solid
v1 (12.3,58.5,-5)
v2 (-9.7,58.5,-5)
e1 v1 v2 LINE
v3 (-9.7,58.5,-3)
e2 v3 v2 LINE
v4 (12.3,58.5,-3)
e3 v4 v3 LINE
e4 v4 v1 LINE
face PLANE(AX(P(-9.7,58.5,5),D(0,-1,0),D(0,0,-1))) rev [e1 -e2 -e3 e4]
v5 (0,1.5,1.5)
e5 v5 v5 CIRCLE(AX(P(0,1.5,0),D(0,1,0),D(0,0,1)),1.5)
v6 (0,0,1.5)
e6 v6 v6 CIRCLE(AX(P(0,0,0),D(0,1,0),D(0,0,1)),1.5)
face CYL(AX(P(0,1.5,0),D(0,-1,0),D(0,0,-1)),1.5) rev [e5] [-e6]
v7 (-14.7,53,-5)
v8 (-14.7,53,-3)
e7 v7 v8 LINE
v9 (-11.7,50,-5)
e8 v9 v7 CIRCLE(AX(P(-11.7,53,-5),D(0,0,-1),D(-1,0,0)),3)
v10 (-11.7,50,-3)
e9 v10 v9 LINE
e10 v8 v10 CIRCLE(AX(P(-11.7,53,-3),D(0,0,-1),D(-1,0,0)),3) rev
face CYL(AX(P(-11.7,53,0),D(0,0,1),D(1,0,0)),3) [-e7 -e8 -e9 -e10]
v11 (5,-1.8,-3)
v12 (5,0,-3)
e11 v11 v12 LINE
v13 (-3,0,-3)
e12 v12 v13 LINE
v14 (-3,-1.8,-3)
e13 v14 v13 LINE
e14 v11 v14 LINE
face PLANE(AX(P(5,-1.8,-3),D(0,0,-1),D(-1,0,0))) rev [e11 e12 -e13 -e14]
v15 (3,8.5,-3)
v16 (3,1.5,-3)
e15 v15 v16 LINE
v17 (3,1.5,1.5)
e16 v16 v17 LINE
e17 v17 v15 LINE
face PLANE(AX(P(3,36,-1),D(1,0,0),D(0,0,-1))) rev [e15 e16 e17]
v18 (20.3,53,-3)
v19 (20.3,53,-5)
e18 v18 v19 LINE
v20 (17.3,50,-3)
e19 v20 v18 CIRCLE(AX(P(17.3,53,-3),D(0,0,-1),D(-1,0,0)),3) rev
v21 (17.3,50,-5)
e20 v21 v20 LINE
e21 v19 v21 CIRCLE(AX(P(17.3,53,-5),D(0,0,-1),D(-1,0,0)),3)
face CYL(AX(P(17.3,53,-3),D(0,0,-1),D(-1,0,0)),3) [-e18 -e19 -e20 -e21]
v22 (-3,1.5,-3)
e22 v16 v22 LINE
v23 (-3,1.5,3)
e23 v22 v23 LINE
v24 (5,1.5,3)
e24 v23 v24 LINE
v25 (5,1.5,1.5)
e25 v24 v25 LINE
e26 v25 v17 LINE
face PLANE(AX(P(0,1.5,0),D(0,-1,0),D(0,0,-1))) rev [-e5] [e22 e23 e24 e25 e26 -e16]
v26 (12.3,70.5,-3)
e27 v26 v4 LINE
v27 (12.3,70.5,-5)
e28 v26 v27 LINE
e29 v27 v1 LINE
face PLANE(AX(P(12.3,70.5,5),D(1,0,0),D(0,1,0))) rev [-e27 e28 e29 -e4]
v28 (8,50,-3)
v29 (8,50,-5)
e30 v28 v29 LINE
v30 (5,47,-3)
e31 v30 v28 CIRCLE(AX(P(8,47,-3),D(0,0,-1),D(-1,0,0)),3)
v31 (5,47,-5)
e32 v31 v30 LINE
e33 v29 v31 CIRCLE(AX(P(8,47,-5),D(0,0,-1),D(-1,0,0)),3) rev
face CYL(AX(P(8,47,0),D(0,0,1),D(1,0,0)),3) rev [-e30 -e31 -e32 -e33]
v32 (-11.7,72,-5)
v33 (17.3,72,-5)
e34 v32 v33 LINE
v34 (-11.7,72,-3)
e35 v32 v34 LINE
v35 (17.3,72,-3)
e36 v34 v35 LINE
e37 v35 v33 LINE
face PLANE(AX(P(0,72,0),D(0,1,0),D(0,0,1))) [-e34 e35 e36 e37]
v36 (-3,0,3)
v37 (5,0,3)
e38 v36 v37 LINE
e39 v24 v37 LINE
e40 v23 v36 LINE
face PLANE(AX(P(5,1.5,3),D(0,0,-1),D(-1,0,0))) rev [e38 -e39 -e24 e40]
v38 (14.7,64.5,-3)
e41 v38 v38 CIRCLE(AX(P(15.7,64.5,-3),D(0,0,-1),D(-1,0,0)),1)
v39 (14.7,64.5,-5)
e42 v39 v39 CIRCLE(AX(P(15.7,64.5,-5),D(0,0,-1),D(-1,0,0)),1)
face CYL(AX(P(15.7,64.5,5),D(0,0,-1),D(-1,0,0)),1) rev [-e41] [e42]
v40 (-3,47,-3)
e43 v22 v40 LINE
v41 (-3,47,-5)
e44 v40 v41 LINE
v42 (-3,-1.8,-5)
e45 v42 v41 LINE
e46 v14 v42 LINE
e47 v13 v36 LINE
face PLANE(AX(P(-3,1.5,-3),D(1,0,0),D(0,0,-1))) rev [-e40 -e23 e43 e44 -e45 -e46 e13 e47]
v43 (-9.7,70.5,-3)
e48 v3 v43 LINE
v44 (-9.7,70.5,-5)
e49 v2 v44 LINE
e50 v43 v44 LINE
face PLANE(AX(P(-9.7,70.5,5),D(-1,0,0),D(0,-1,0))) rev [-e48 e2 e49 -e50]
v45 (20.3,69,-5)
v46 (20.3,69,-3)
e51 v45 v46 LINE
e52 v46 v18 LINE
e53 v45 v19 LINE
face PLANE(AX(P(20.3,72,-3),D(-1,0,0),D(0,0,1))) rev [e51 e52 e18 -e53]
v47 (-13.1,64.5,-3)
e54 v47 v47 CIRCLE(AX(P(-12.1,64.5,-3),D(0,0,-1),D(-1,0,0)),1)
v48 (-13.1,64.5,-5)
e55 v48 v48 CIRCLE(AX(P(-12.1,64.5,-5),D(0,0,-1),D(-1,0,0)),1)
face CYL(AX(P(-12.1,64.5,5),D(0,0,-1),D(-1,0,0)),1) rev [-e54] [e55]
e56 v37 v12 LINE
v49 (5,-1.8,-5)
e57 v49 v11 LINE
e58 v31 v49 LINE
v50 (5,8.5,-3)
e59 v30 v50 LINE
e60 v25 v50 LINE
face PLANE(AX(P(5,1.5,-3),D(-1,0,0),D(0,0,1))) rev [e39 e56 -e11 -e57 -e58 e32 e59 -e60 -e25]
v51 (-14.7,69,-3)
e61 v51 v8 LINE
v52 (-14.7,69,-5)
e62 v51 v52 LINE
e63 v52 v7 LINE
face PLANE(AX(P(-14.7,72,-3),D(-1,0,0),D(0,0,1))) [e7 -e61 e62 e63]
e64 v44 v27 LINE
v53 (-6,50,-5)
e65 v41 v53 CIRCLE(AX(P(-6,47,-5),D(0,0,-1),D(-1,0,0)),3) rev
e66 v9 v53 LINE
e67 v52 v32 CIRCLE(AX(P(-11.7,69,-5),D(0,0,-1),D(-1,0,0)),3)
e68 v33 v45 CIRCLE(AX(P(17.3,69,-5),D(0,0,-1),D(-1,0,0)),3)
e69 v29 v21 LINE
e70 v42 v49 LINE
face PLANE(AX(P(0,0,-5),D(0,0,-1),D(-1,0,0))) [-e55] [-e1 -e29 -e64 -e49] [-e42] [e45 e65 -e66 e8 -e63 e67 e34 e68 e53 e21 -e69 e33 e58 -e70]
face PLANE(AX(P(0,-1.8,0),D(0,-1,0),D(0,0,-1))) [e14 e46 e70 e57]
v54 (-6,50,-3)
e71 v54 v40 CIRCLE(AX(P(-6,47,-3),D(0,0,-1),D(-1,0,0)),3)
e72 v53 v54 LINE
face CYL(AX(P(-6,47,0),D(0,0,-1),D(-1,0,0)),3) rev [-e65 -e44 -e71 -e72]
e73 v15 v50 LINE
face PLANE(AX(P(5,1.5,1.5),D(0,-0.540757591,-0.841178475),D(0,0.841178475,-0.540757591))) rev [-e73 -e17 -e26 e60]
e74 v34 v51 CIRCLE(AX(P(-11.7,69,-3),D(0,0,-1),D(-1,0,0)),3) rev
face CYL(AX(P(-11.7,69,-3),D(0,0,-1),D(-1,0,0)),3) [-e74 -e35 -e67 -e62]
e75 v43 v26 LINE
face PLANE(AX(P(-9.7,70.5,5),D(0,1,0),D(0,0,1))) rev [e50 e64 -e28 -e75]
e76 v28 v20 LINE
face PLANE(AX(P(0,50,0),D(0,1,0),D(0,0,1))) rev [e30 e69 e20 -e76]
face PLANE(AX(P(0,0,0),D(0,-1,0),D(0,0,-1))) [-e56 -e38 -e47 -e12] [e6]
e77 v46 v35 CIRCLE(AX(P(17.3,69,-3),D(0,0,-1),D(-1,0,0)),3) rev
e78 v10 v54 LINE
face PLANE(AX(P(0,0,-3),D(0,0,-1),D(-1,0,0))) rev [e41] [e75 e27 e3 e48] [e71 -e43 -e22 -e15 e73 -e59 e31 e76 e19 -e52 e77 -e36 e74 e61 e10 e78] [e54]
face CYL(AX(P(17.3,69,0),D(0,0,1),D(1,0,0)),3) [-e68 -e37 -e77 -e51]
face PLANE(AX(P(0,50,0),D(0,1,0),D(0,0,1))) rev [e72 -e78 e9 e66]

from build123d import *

# Parameters (mm, degrees)
SKETCH_6_W          = 8
SKETCH_6_H          = 6
SKETCH_6_R          = 1.5
EXTRUDE_1_DEPTH     = 1.5
SKETCH_7_W          = 8
SKETCH_7_H          = 25
EXTRUDE_2_DEPTH     = 2
SKETCH_8_W          = 35
SKETCH_8_H          = 2
EXTRUDE_3_DEPTH     = 22
SKETCH_9_W          = 22
SKETCH_9_H          = 12
CUT_EXTRUDE_1_DEPTH = 10
SKETCH_14_W         = 8
SKETCH_14_H         = 6
CUT_EXTRUDE_2_DEPTH = 4.6
RIB_3_REACH         = 76.814
SKETCH_15_WALL_W    = 159.949062396
SKETCH_15_WALL_H    = 2
FILLET_2_R          = 3
SKETCH_16_W         = 8
SKETCH_16_H         = 2
EXTRUDE_4_DEPTH     = 1.8
SKETCH_17_R         = 1
CUT_EXTRUDE_3_DEPTH = 10


with BuildPart() as part:
    # 草图6 → 凸台-拉伸1 (new body)
    with BuildSketch(Plane(origin=(0, 0, 0), x_dir=(1, 0, 0), z_dir=(0, 1, 0))):
        with Locations((1, 0)):
            Rectangle(SKETCH_6_W, SKETCH_6_H)
        with Locations(Location((0, 0, 0), (0, 0, 270))):
            Circle(SKETCH_6_R, mode=Mode.SUBTRACT)
    extrude(amount=EXTRUDE_1_DEPTH)

    # 草图7 → 凸台-拉伸2 (add)
    with BuildSketch(Plane(origin=(0, 0, -3), x_dir=(-1, 0, 0), z_dir=(0, 0, -1))):
        with Locations((-1, 12.5)):
            Rectangle(SKETCH_7_W, SKETCH_7_H)
    extrude(amount=EXTRUDE_2_DEPTH)

    # 镜向1: part across plane


with BuildPart() as part_1:
    add(part.part)
    add(part.part.mirror(Plane(origin=(-3, 25, -5), x_dir=(0, 0, 1), z_dir=(0, -1, 0))))

    # 草图8 → 凸台-拉伸3 (add)
    with BuildSketch(Plane(origin=(0, 50, 0), x_dir=(1, 0, 0), z_dir=(0, 1, 0))):
        with Locations((2.8, 4)):
            Rectangle(SKETCH_8_W, SKETCH_8_H)
    extrude(amount=EXTRUDE_3_DEPTH)

    # 草图9 → 切除-拉伸1 (cut)
    with BuildSketch(Plane(origin=(0, 0, -5), x_dir=(-1, 0, 0), z_dir=(0, 0, -1))):
        with Locations((-1.3, 64.5)):
            Rectangle(SKETCH_9_W, SKETCH_9_H)
    extrude(amount=-CUT_EXTRUDE_1_DEPTH, mode=Mode.SUBTRACT)

    # 草图14 → 切除-拉伸2 (cut)
    with BuildSketch(Plane(origin=(0, 50, 0), x_dir=(1, 0, 0), z_dir=(0, 1, 0))):
        with Locations((1, 0)):
            Rectangle(SKETCH_14_W, SKETCH_14_H)
    extrude(amount=-CUT_EXTRUDE_2_DEPTH, mode=Mode.SUBTRACT)

    # 草图15 wall → 筋3 (add, up to next)
    with BuildSketch(Plane(origin=(5, 5, -0.75), x_dir=(0, 0.841178475377, -0.540757591313), z_dir=(0, 0.540757591313, 0.841178475377)), mode=Mode.PRIVATE) as rib_3_sk1:
        with Locations((0, 1)):
            Rectangle(SKETCH_15_WALL_W, SKETCH_15_WALL_H)
    rib_3_tool1 = extrude(rib_3_sk1.sketch, amount=-RIB_3_REACH, mode=Mode.PRIVATE) - part_1.part
    add(rib_3_tool1.solids().sort_by_distance((5, 5, -0.75))[0])

    # 圆角2
    fillet_2_edges = [part_1.edges().sort_by_distance(p)[0] for p in [
        (-3, 50, -4),
        (5, 50, -4),
        (-14.7, 50, -4),
        (20.3, 50, -4),
        (-14.7, 72, -4),
        (20.3, 72, -4),
    ]]
    fillet(fillet_2_edges, radius=FILLET_2_R)

    # 草图16 → 凸台-拉伸4 (add)
    with BuildSketch(Plane(origin=(0, 0, 0), x_dir=(-1, 0, 0), z_dir=(0, -1, 0))):
        with Locations((-1, 4)):
            Rectangle(SKETCH_16_W, SKETCH_16_H)
    extrude(amount=EXTRUDE_4_DEPTH)

    # 草图17 → 切除-拉伸3 (cut)
    with BuildSketch(Plane(origin=(0, 0, -5), x_dir=(-1, 0, 0), z_dir=(0, 0, -1))):
        with Locations((-15.7, 64.5)):
            Circle(SKETCH_17_R)
        with Locations((12.1, 64.5)):
            Circle(SKETCH_17_R)
    extrude(amount=-CUT_EXTRUDE_3_DEPTH, mode=Mode.SUBTRACT)


solid = part_1.part
